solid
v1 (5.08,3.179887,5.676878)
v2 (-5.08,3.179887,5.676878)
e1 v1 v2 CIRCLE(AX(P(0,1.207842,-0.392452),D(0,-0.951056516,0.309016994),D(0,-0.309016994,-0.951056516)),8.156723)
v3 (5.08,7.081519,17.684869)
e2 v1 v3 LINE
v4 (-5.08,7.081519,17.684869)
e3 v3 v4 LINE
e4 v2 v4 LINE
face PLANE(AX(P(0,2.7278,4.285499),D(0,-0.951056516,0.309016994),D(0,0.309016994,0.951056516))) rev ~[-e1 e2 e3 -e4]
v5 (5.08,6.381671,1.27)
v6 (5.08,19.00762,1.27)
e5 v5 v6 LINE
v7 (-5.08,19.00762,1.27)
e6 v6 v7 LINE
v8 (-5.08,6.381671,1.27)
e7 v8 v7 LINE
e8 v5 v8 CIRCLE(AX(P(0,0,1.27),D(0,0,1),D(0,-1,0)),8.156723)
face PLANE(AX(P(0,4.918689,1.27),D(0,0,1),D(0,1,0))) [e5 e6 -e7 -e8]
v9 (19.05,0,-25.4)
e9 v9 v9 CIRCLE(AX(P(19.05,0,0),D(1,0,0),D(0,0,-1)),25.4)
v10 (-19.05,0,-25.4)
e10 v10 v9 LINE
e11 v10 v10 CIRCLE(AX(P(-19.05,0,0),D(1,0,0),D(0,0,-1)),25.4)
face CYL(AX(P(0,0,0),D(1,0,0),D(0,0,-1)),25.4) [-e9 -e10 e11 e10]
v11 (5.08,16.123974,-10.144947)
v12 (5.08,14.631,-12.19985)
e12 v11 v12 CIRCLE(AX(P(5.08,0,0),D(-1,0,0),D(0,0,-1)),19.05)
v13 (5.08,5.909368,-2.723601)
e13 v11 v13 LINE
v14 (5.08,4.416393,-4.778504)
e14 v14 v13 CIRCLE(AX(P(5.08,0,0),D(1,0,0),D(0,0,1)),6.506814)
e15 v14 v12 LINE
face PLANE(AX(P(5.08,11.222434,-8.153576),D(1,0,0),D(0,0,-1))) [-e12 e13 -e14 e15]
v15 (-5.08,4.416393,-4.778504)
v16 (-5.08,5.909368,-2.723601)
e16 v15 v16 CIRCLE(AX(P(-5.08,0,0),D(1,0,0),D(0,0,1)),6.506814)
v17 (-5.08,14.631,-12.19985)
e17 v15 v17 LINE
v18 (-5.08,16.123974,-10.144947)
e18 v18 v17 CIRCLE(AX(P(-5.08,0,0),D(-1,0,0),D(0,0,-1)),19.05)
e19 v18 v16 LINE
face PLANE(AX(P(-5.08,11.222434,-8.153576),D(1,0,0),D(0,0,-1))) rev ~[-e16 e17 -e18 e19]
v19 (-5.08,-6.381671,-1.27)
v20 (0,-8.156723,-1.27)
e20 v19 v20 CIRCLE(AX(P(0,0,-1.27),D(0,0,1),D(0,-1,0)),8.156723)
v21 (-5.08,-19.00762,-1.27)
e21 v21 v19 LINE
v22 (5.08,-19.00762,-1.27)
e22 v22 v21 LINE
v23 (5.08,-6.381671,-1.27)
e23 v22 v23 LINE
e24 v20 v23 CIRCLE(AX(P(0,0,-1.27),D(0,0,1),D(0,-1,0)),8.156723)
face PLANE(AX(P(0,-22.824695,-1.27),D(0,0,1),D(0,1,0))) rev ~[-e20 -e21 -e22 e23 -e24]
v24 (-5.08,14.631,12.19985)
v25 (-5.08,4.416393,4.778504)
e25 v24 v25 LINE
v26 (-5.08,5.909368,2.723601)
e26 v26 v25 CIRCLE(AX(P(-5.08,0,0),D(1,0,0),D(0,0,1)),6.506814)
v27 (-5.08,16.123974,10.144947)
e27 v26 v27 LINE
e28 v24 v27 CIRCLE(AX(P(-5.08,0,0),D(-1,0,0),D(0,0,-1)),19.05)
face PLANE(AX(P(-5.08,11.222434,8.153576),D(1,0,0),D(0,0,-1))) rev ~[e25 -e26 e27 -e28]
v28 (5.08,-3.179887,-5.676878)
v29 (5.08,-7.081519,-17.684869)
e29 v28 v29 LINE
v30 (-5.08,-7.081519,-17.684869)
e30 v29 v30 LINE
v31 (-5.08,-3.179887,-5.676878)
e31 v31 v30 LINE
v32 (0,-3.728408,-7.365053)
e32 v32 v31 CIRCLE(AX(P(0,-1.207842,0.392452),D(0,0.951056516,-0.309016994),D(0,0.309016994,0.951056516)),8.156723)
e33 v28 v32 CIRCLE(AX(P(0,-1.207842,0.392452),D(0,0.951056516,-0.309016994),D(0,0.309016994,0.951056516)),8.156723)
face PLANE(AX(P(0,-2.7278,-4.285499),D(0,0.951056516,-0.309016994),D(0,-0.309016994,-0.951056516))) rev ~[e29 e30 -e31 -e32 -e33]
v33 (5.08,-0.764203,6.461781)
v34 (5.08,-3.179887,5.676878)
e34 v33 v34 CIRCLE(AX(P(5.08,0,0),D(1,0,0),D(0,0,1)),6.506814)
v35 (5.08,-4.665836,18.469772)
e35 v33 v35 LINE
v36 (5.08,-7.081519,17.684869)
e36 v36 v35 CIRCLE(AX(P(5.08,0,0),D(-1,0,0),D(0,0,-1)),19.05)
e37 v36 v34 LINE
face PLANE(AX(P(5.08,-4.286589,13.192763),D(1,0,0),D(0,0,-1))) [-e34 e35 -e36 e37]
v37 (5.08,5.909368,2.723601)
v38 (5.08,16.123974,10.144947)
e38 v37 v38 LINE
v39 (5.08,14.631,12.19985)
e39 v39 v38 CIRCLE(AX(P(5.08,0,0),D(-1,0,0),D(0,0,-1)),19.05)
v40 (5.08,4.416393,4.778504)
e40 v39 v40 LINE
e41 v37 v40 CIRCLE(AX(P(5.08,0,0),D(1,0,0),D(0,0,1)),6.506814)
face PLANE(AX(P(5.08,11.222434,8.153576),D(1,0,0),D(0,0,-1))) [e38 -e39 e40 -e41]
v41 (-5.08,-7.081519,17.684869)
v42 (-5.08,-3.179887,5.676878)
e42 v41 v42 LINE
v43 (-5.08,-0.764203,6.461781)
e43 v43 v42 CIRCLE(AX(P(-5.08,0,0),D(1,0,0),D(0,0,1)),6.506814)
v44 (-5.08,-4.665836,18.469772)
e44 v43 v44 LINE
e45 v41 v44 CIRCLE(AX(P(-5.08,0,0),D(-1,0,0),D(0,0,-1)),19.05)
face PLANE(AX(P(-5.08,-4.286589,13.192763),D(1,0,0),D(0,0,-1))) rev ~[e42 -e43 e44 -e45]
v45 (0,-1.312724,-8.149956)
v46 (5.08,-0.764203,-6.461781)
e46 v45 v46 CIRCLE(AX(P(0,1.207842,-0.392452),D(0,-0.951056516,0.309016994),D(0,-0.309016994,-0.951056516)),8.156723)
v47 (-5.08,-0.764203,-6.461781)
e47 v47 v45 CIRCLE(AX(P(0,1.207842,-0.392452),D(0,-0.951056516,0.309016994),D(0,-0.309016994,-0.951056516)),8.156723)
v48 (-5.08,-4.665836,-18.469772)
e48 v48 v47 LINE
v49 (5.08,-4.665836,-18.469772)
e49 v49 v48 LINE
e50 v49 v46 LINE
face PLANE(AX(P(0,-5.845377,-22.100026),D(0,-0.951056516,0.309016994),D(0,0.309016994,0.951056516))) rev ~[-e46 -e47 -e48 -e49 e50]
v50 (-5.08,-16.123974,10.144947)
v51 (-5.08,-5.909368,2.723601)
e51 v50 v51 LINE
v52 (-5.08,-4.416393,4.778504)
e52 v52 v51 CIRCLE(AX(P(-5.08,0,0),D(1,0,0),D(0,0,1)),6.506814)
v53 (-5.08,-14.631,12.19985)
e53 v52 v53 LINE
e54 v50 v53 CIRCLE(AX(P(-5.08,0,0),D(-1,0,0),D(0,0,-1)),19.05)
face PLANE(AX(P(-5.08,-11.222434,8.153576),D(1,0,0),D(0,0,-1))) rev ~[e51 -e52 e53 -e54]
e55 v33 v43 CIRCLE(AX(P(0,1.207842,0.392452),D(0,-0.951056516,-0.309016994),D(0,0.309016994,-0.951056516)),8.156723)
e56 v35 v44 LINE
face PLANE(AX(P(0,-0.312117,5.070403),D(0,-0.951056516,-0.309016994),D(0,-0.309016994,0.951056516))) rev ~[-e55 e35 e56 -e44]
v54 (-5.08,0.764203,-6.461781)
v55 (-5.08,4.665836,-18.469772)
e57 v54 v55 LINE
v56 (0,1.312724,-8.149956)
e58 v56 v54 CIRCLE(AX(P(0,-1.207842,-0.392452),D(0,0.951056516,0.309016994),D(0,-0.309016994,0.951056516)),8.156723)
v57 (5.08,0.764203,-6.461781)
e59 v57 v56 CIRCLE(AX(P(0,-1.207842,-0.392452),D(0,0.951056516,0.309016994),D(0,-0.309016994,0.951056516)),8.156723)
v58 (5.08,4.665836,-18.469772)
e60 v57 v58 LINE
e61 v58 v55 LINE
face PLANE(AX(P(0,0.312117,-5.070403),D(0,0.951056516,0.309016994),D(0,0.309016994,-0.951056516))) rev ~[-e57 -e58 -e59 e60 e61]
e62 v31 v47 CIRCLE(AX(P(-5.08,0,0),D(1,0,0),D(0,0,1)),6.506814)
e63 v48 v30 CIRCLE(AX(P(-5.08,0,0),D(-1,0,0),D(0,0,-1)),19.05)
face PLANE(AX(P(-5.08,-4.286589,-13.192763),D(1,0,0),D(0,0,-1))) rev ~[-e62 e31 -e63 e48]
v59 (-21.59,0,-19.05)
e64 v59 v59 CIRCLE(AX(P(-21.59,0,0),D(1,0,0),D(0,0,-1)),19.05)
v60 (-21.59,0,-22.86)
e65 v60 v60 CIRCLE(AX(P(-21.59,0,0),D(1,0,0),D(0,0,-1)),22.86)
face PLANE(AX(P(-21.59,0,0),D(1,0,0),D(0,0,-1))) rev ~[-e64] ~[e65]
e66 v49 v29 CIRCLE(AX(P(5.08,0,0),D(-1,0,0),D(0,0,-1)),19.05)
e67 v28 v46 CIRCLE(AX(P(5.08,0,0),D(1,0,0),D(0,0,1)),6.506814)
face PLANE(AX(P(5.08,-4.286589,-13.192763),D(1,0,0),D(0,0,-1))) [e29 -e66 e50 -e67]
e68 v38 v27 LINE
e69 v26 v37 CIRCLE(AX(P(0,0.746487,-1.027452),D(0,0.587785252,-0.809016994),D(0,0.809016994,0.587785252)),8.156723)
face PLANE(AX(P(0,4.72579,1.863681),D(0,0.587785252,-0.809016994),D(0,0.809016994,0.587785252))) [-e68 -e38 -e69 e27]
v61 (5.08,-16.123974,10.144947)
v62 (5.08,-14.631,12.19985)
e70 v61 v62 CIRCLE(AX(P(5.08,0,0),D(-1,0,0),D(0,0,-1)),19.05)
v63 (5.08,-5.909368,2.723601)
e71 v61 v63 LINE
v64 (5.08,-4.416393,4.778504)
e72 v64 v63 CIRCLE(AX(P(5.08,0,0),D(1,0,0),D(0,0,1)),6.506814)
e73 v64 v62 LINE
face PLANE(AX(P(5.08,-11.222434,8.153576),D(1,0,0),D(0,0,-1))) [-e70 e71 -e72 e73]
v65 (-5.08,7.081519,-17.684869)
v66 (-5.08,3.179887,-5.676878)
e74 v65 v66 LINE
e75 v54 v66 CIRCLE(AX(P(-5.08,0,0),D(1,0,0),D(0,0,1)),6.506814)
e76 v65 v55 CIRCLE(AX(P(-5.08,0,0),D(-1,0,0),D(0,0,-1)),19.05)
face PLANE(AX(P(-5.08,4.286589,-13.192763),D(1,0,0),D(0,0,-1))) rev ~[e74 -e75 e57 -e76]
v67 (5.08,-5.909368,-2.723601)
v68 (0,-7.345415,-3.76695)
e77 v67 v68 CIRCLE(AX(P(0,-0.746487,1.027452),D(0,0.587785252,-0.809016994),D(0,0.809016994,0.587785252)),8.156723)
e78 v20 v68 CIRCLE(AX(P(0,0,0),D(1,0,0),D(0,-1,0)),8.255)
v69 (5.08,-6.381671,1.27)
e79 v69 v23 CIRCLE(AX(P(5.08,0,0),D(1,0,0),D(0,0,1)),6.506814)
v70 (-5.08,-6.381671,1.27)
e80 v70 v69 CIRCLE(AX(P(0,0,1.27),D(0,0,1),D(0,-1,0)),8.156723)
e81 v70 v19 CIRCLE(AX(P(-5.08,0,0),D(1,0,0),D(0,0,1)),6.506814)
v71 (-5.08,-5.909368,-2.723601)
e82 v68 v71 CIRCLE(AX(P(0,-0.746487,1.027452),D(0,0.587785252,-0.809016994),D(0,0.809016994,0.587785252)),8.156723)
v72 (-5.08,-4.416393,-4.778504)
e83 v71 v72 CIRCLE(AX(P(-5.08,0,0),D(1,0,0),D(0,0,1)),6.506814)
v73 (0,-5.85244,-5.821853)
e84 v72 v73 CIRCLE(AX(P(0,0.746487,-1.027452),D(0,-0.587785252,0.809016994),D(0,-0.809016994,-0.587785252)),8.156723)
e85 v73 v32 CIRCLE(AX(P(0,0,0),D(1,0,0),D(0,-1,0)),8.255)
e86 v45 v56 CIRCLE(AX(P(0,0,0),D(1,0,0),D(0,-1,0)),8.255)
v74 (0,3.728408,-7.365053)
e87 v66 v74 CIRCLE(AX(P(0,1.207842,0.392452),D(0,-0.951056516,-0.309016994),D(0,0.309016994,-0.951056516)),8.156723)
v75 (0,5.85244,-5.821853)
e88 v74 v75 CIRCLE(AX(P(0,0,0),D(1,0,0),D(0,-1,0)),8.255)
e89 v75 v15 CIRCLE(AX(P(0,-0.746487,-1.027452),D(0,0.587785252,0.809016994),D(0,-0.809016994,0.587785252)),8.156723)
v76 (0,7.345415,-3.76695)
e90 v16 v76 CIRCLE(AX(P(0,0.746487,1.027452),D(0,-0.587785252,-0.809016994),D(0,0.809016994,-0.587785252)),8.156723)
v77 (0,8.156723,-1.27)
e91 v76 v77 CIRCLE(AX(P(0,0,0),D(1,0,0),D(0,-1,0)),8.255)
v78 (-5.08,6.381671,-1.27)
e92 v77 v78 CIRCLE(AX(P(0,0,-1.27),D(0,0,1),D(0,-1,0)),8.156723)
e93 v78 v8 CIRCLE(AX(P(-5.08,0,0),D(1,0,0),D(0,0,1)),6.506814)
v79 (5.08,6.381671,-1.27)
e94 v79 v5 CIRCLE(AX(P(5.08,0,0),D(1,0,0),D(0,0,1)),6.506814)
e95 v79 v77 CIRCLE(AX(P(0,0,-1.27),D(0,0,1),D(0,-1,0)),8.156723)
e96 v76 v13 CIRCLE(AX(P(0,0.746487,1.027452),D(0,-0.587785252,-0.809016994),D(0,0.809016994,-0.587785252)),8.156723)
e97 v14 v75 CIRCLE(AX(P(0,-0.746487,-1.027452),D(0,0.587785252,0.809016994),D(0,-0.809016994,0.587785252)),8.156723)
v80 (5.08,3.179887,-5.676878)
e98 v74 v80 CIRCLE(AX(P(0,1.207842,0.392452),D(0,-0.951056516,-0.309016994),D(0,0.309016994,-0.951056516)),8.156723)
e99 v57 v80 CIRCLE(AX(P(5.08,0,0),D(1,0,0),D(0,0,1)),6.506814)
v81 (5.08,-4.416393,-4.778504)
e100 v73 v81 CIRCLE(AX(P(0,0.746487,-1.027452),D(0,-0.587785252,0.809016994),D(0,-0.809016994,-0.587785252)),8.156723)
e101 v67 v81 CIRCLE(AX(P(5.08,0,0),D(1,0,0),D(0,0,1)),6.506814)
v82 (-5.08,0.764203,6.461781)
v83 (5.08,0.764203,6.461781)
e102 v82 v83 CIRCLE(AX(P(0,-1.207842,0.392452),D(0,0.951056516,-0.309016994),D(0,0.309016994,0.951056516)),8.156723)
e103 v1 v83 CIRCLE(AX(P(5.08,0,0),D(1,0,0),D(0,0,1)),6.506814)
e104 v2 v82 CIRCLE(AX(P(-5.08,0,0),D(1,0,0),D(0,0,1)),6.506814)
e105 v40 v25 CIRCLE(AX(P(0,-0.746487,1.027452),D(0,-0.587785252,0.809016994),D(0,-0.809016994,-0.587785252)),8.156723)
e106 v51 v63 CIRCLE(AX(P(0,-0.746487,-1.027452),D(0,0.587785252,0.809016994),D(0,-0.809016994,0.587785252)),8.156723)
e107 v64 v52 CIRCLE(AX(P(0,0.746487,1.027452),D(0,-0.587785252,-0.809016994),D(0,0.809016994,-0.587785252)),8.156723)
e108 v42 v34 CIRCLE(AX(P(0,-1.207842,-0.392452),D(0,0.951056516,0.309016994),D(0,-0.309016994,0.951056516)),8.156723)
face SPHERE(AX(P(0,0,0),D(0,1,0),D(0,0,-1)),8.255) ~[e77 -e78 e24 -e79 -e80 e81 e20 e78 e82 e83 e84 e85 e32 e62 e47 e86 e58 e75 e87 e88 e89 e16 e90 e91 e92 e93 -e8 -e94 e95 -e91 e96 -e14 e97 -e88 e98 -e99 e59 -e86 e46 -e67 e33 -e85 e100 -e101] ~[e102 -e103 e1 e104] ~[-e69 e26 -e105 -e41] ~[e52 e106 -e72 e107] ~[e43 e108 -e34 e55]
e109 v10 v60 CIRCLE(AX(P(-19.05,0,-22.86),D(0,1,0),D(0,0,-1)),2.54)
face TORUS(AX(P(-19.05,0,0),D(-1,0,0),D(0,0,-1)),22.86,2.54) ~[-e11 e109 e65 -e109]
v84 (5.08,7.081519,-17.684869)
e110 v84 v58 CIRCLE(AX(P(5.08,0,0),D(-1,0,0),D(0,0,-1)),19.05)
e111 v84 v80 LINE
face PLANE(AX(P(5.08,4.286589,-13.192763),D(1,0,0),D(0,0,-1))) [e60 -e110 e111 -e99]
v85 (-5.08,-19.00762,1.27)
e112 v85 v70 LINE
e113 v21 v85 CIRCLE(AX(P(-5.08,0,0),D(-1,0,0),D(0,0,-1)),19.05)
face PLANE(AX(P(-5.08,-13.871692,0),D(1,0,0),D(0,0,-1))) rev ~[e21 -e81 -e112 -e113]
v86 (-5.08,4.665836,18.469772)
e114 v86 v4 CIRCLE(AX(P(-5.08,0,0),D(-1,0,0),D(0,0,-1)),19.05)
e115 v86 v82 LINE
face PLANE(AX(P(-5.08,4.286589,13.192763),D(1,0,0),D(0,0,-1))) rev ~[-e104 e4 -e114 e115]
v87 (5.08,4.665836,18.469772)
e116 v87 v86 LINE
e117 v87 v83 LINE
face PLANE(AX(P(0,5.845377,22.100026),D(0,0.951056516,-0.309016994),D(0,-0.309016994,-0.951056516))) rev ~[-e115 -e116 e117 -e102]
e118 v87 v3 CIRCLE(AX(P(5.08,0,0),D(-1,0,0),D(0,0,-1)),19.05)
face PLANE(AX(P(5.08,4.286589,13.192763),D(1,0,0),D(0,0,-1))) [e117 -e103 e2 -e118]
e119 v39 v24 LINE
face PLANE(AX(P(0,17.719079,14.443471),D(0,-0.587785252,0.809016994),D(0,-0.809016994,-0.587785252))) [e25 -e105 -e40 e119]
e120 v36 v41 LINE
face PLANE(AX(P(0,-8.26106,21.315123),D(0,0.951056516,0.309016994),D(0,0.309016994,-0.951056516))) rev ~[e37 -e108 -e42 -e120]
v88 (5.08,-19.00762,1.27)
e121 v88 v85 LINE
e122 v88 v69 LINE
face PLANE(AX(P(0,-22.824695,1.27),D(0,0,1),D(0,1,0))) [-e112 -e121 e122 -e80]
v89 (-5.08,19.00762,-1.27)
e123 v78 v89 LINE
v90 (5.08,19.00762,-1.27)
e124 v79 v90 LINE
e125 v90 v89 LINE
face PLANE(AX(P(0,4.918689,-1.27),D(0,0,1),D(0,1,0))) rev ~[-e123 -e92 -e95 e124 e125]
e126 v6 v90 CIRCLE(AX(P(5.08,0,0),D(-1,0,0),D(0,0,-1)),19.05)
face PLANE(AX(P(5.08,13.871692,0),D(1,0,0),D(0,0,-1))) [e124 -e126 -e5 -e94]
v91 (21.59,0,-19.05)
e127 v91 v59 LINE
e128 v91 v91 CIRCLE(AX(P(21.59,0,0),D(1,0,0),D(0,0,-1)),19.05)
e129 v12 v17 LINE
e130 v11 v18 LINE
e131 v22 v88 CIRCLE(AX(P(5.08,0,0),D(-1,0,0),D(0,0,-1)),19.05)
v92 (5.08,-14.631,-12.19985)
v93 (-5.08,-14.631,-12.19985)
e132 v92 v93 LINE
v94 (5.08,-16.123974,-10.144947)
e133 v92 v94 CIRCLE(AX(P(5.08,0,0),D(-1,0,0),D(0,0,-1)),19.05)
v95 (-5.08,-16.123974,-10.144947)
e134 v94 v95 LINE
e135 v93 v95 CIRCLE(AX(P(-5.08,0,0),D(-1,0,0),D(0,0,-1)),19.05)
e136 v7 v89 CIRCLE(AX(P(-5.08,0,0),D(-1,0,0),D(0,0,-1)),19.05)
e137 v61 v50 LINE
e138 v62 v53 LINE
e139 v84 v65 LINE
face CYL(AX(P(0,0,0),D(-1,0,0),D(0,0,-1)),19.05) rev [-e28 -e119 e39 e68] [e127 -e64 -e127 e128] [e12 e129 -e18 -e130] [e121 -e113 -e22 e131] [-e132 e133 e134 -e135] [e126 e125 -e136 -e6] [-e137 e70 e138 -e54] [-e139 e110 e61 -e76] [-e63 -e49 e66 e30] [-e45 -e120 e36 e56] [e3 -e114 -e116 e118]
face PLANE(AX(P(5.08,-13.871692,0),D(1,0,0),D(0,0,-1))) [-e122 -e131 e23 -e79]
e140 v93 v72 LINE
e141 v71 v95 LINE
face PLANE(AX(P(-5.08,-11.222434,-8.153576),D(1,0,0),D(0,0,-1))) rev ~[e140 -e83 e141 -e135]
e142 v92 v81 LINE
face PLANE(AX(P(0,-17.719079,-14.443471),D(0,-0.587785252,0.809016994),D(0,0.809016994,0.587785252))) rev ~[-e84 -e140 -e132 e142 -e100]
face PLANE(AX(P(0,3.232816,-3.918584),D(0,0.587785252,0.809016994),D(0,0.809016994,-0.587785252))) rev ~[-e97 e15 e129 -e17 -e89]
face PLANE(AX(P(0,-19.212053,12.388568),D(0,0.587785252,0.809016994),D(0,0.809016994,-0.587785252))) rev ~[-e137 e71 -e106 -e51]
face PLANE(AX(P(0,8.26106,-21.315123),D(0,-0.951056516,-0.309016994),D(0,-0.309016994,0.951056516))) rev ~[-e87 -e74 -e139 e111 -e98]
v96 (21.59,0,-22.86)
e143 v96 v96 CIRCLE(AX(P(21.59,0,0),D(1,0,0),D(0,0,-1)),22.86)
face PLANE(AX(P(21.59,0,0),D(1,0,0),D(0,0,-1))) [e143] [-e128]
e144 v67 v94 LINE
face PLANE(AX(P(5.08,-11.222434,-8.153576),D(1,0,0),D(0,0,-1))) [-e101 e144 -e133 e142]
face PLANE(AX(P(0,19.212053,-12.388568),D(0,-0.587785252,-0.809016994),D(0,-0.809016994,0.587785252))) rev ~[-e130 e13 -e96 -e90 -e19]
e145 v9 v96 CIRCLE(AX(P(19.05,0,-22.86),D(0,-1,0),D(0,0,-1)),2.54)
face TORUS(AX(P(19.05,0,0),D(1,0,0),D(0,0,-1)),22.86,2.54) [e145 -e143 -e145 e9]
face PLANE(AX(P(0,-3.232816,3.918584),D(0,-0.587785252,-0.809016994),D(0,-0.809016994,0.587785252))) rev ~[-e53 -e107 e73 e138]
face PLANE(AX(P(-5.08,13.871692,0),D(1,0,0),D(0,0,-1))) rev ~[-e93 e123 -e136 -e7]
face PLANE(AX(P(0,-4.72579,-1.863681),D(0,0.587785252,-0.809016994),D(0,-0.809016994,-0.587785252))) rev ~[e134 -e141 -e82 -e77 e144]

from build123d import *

# Parameters (mm, degrees)
SKETCH1_R           = 25.4
SKETCH1_R_2         = 19.05
BOSS_EXTRUDE1_DEPTH = 21.59
FILLET1_R           = 2.54
SKETCH2_W           = 2.54
SKETCH2_H           = 17.90600611
BOSS_EXTRUDE2_DEPTH = 5.08


with BuildPart() as part:
    # Sketch1 → Boss-Extrude1 (new body, symmetric)
    with BuildSketch(Plane(origin=(0, 0, 0), x_dir=(0, 0, -1), z_dir=(1, 0, 0))):
        Circle(SKETCH1_R)
        Circle(SKETCH1_R_2, mode=Mode.SUBTRACT)
    extrude(amount=BOSS_EXTRUDE1_DEPTH, both=True)

    # Fillet1
    fillet1_edges = [part.edges().sort_by_distance(p)[0] for p in [
        (-21.59, 0, 25.4),
        (21.59, 0, 25.4),
    ]]
    fillet(fillet1_edges, radius=FILLET1_R)

    # Sketch2 → Boss-Extrude2 (add, symmetric)
    with BuildSketch(Plane(origin=(0, 0, 0), x_dir=(0, 0, -1), z_dir=(1, 0, 0))):
        with Locations((0, 13.871691905)):
            Rectangle(SKETCH2_W, SKETCH2_H)
        Polygon((1.863681184, 4.72579014), (3.918584349, 3.232815599), (14.443470668, 17.719078843), (12.388567502, 19.212053384), align=None)
        Polygon((4.285499499, 2.72780022), (5.070402665, 0.312116669), (22.100026457, 5.845376858), (21.315123291, 8.26106041), align=None)
        Polygon((5.070402665, -0.312116669), (4.285499499, -2.72780022), (21.315123291, -8.26106041), (22.100026457, -5.845376858), align=None)
        Polygon((3.918584349, -3.232815599), (1.863681184, -4.72579014), (12.388567502, -19.212053384), (14.443470668, -17.719078843), align=None)
        with Locations((0, -13.871691905)):
            Rectangle(SKETCH2_W, SKETCH2_H)
        Polygon((-1.863681184, -4.72579014), (-3.918584349, -3.232815599), (-14.443470668, -17.719078843), (-12.388567502, -19.212053384), align=None)
        Polygon((-4.285499499, -2.72780022), (-5.070402665, -0.312116669), (-22.100026457, -5.845376858), (-21.315123291, -8.26106041), align=None)
        Polygon((-5.070402665, 0.312116669), (-4.285499499, 2.72780022), (-21.315123291, 8.26106041), (-22.100026457, 5.845376858), align=None)
        Polygon((-3.918584349, 3.232815599), (-1.863681184, 4.72579014), (-12.388567502, 19.212053384), (-14.443470668, 17.719078843), align=None)
    extrude(amount=BOSS_EXTRUDE2_DEPTH, both=True)

    # Sketch3 → Revolve1 (revolve)
    with BuildSketch(Plane(origin=(0, 0, 0), x_dir=(0, 0, -1), z_dir=(1, 0, 0))):
        with BuildLine():
            Line((0, 8.255), (0, -8.255))
            ThreePointArc((0, -8.255), (8.255, 0), (0, 8.255))
        make_face()
    revolve(axis=Axis((0, 8.255, 0), (0, -1, 0)))


solid = part.part
